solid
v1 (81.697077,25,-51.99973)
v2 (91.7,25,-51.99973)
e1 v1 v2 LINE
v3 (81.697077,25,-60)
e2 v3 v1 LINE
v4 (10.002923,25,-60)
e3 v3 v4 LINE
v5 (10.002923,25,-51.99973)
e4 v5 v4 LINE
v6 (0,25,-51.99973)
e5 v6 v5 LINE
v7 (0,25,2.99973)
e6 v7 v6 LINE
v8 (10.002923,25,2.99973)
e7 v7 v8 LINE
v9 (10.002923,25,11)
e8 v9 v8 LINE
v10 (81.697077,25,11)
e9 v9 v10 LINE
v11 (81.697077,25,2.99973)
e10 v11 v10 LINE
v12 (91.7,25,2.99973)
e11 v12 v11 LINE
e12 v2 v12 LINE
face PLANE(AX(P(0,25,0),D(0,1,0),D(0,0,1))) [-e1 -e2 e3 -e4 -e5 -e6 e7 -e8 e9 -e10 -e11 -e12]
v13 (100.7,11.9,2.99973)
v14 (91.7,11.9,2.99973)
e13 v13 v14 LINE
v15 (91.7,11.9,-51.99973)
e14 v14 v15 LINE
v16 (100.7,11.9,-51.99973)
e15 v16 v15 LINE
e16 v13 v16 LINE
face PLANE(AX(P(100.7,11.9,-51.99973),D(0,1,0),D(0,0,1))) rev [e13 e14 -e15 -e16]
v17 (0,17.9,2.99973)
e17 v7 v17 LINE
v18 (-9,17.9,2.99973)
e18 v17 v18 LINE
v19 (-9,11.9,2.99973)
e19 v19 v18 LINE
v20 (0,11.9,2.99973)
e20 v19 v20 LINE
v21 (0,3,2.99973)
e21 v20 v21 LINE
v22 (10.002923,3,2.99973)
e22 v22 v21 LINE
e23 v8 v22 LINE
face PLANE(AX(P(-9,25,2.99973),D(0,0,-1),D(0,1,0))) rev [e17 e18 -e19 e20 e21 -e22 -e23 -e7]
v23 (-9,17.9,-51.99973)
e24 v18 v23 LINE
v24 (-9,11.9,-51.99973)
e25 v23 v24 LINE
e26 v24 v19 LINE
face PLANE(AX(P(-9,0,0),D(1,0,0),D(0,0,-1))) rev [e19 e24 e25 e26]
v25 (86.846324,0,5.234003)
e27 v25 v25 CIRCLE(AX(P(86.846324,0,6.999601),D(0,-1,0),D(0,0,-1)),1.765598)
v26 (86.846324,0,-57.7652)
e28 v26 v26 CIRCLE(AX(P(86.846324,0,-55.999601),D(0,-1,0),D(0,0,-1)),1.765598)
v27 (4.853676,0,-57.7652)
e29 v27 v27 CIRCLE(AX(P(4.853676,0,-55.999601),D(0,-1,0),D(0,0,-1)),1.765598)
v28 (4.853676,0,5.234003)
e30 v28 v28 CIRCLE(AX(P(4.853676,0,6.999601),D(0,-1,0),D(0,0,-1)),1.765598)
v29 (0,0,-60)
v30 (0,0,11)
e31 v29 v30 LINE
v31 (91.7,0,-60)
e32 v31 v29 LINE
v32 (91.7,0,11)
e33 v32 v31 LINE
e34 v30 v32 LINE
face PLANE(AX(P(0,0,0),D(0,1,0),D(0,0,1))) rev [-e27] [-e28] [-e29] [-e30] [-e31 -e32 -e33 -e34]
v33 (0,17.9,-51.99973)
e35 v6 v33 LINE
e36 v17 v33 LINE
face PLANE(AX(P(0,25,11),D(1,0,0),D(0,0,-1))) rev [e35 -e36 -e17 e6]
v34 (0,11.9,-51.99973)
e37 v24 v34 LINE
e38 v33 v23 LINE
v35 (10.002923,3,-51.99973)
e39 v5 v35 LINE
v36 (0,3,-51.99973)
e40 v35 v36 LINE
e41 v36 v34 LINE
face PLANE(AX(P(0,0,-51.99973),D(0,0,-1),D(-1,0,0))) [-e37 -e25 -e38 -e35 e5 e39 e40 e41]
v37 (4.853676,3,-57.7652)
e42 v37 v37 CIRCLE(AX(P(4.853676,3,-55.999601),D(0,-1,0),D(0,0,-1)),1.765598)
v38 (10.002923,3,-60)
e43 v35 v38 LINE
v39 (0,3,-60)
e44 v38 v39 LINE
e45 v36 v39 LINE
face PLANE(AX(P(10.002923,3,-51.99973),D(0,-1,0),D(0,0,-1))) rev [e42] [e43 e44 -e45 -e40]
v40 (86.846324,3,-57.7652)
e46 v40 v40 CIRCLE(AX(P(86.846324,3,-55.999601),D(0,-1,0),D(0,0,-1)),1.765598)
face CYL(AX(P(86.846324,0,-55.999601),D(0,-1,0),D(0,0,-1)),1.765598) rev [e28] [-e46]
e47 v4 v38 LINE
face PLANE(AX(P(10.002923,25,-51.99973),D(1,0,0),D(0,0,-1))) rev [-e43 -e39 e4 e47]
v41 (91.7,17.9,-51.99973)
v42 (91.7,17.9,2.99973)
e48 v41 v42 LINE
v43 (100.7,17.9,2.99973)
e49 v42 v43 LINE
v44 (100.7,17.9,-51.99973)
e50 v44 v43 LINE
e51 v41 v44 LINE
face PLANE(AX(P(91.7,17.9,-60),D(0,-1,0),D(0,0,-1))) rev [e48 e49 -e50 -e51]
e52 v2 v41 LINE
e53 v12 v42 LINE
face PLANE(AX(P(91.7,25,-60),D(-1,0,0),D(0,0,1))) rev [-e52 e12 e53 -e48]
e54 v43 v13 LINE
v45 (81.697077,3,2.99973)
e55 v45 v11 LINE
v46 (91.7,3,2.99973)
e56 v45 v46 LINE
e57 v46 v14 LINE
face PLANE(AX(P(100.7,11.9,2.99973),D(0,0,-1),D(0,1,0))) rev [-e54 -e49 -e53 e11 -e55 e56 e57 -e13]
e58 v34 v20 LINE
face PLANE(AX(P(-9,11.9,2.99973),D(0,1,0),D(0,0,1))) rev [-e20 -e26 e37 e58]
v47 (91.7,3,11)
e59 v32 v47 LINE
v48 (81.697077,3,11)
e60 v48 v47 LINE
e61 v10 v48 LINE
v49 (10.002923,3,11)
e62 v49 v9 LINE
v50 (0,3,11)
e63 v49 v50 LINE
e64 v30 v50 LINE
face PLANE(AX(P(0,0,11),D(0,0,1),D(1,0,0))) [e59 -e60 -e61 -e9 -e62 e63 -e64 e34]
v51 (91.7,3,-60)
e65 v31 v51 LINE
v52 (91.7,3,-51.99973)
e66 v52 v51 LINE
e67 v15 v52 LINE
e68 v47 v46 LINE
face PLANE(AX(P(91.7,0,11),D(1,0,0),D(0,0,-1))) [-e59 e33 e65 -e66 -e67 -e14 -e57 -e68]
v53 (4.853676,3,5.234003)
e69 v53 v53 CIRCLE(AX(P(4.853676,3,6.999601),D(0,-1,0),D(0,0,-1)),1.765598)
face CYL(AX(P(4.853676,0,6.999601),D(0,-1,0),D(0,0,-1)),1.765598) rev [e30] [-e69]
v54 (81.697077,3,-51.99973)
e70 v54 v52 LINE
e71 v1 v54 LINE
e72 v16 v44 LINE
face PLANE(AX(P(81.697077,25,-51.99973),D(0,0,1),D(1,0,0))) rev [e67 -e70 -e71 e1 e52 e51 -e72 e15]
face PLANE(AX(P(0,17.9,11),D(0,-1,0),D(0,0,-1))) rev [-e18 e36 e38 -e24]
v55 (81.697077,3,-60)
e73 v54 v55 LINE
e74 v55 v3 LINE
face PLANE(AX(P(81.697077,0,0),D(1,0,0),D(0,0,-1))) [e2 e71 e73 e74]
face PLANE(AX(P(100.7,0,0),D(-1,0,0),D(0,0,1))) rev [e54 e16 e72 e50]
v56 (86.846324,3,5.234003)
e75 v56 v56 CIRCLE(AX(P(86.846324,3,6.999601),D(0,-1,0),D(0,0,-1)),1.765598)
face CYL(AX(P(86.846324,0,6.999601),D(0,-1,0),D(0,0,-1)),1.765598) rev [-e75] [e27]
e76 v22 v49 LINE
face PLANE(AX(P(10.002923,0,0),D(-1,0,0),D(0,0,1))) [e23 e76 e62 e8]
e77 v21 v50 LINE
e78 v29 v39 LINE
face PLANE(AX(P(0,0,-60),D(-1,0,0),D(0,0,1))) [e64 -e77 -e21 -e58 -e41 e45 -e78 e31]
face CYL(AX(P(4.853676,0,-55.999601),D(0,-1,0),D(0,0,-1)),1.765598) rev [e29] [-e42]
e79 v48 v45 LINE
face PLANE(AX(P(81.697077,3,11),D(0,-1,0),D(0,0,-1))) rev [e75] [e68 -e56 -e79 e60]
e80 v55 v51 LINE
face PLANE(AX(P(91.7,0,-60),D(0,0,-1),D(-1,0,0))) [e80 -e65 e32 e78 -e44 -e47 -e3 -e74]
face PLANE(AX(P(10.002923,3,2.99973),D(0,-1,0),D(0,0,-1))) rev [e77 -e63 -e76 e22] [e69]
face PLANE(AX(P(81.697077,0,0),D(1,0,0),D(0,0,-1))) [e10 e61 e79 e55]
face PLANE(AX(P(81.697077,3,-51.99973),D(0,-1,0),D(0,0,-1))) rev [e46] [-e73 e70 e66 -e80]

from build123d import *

# Parameters (mm, degrees)
SKETCH_1_W             = 91.7
SKETCH_1_H             = 71
EXTRUDE_1_DEPTH        = 25
SKETCH_2_W             = 10.00292335
SKETCH_2_H             = 22
CUT_EXTRUDE_1_DEPTH    = 8.000270383
SKETCH_3_W             = 54.999459234
SKETCH_3_H             = 13.1
EXTRUDE_2_DEPTH        = 9
SKETCH_4_W             = 8.000270383
SKETCH_4_H             = 22
CUT_EXTRUDE_2_DEPTH    = 10.00292335
SKETCH_5_W             = 8.000270383
SKETCH_5_H             = 22
CUT_EXTRUDE_3_DEPTH    = 10.00292335
SKETCH_6_W             = 54.999459234
SKETCH_6_H             = 13.1
EXTRUDE_3_DEPTH        = 9
SKETCH_7_W             = 8.000270383
SKETCH_7_H             = 22
CUT_EXTRUDE_4_DEPTH    = 10.00292335
SKETCH_8_W             = 9
SKETCH_8_H             = 7.1
CUT_EXTRUDE_5_DEPTH    = 122.38556723
SKETCH_9_W             = 9
SKETCH_9_H             = 7.1
CUT_EXTRUDE_6_DEPTH    = 122.38556723
HOLE_WIZARD_M3_1_D     = 3.531196766
HOLE_WIZARD_M3_1_DEPTH = 25


with BuildPart() as part:
    # 草图1 → 凸台-拉伸1 (new body)
    with BuildSketch(Plane(origin=(0, 25, 0), x_dir=(1, 0, 0), z_dir=(0, 1, 0))):
        with Locations((45.85, 24.5)):
            Rectangle(SKETCH_1_W, SKETCH_1_H)
    extrude(amount=-EXTRUDE_1_DEPTH)

    # 草图2 → 切除-拉伸1 (cut)
    with BuildSketch(Plane(origin=(0, 0, -60), x_dir=(-1, 0, 0), z_dir=(0, 0, -1))):
        with Locations((-5.001461675, 14)):
            Rectangle(SKETCH_2_W, SKETCH_2_H)
    extrude(amount=-CUT_EXTRUDE_1_DEPTH, mode=Mode.SUBTRACT)

    # 草图3 → 凸台-拉伸2 (add)
    with BuildSketch(Plane.ZY):
        with Locations((-24.5, 18.45)):
            Rectangle(SKETCH_3_W, SKETCH_3_H)
    extrude(amount=EXTRUDE_2_DEPTH)

    # 草图4 → 切除-拉伸2 (cut)
    with BuildSketch(Plane.ZY):
        with Locations((6.999864808, 14)):
            Rectangle(SKETCH_4_W, SKETCH_4_H)
    extrude(amount=-CUT_EXTRUDE_2_DEPTH, mode=Mode.SUBTRACT)

    # 草图5 → 切除-拉伸3 (cut)
    with BuildSketch(Plane(origin=(91.7, 0, 0), x_dir=(0, 0, -1), z_dir=(1, 0, 0))):
        with Locations((55.999864809, 14)):
            Rectangle(SKETCH_5_W, SKETCH_5_H)
    extrude(amount=-CUT_EXTRUDE_3_DEPTH, mode=Mode.SUBTRACT)

    # 草图6 → 凸台-拉伸3 (add)
    with BuildSketch(Plane(origin=(91.7, 0, 0), x_dir=(0, 0, -1), z_dir=(1, 0, 0))):
        with Locations((24.5, 18.45)):
            Rectangle(SKETCH_6_W, SKETCH_6_H)
    extrude(amount=EXTRUDE_3_DEPTH)

    # 草图7 → 切除-拉伸4 (cut)
    with BuildSketch(Plane(origin=(91.7, 0, 0), x_dir=(0, 0, -1), z_dir=(1, 0, 0))):
        with Locations((-6.999864808, 14)):
            Rectangle(SKETCH_7_W, SKETCH_7_H)
    extrude(amount=-CUT_EXTRUDE_4_DEPTH, mode=Mode.SUBTRACT)

    # 草图8 → 切除-拉伸5 (cut, through all)
    with BuildSketch(Plane(origin=(0, 0, -51.999729617), x_dir=(-1, 0, 0), z_dir=(0, 0, -1))):
        with Locations((4.5, 21.45)):
            Rectangle(SKETCH_8_W, SKETCH_8_H)
    extrude(amount=-CUT_EXTRUDE_5_DEPTH, mode=Mode.SUBTRACT)

    # 草图9 → 切除-拉伸6 (cut, through all)
    with BuildSketch(Plane.XY.offset(2.999729617)):
        with Locations((96.2, 21.45)):
            Rectangle(SKETCH_9_W, SKETCH_9_H)
    extrude(amount=-CUT_EXTRUDE_6_DEPTH, mode=Mode.SUBTRACT)

    # M3 间隙孔1
    with Locations(Plane(origin=(0, 0, 0), x_dir=(-1, 0, 0), z_dir=(0, -1, 0))):
        with Locations((-86.846324066, 55.999601401), (-86.846324066, -6.999601401), (-4.853675934, -6.999601401), (-4.853675934, 55.999601401)):
            Hole(HOLE_WIZARD_M3_1_D / 2, depth=HOLE_WIZARD_M3_1_DEPTH)


solid = part.part
